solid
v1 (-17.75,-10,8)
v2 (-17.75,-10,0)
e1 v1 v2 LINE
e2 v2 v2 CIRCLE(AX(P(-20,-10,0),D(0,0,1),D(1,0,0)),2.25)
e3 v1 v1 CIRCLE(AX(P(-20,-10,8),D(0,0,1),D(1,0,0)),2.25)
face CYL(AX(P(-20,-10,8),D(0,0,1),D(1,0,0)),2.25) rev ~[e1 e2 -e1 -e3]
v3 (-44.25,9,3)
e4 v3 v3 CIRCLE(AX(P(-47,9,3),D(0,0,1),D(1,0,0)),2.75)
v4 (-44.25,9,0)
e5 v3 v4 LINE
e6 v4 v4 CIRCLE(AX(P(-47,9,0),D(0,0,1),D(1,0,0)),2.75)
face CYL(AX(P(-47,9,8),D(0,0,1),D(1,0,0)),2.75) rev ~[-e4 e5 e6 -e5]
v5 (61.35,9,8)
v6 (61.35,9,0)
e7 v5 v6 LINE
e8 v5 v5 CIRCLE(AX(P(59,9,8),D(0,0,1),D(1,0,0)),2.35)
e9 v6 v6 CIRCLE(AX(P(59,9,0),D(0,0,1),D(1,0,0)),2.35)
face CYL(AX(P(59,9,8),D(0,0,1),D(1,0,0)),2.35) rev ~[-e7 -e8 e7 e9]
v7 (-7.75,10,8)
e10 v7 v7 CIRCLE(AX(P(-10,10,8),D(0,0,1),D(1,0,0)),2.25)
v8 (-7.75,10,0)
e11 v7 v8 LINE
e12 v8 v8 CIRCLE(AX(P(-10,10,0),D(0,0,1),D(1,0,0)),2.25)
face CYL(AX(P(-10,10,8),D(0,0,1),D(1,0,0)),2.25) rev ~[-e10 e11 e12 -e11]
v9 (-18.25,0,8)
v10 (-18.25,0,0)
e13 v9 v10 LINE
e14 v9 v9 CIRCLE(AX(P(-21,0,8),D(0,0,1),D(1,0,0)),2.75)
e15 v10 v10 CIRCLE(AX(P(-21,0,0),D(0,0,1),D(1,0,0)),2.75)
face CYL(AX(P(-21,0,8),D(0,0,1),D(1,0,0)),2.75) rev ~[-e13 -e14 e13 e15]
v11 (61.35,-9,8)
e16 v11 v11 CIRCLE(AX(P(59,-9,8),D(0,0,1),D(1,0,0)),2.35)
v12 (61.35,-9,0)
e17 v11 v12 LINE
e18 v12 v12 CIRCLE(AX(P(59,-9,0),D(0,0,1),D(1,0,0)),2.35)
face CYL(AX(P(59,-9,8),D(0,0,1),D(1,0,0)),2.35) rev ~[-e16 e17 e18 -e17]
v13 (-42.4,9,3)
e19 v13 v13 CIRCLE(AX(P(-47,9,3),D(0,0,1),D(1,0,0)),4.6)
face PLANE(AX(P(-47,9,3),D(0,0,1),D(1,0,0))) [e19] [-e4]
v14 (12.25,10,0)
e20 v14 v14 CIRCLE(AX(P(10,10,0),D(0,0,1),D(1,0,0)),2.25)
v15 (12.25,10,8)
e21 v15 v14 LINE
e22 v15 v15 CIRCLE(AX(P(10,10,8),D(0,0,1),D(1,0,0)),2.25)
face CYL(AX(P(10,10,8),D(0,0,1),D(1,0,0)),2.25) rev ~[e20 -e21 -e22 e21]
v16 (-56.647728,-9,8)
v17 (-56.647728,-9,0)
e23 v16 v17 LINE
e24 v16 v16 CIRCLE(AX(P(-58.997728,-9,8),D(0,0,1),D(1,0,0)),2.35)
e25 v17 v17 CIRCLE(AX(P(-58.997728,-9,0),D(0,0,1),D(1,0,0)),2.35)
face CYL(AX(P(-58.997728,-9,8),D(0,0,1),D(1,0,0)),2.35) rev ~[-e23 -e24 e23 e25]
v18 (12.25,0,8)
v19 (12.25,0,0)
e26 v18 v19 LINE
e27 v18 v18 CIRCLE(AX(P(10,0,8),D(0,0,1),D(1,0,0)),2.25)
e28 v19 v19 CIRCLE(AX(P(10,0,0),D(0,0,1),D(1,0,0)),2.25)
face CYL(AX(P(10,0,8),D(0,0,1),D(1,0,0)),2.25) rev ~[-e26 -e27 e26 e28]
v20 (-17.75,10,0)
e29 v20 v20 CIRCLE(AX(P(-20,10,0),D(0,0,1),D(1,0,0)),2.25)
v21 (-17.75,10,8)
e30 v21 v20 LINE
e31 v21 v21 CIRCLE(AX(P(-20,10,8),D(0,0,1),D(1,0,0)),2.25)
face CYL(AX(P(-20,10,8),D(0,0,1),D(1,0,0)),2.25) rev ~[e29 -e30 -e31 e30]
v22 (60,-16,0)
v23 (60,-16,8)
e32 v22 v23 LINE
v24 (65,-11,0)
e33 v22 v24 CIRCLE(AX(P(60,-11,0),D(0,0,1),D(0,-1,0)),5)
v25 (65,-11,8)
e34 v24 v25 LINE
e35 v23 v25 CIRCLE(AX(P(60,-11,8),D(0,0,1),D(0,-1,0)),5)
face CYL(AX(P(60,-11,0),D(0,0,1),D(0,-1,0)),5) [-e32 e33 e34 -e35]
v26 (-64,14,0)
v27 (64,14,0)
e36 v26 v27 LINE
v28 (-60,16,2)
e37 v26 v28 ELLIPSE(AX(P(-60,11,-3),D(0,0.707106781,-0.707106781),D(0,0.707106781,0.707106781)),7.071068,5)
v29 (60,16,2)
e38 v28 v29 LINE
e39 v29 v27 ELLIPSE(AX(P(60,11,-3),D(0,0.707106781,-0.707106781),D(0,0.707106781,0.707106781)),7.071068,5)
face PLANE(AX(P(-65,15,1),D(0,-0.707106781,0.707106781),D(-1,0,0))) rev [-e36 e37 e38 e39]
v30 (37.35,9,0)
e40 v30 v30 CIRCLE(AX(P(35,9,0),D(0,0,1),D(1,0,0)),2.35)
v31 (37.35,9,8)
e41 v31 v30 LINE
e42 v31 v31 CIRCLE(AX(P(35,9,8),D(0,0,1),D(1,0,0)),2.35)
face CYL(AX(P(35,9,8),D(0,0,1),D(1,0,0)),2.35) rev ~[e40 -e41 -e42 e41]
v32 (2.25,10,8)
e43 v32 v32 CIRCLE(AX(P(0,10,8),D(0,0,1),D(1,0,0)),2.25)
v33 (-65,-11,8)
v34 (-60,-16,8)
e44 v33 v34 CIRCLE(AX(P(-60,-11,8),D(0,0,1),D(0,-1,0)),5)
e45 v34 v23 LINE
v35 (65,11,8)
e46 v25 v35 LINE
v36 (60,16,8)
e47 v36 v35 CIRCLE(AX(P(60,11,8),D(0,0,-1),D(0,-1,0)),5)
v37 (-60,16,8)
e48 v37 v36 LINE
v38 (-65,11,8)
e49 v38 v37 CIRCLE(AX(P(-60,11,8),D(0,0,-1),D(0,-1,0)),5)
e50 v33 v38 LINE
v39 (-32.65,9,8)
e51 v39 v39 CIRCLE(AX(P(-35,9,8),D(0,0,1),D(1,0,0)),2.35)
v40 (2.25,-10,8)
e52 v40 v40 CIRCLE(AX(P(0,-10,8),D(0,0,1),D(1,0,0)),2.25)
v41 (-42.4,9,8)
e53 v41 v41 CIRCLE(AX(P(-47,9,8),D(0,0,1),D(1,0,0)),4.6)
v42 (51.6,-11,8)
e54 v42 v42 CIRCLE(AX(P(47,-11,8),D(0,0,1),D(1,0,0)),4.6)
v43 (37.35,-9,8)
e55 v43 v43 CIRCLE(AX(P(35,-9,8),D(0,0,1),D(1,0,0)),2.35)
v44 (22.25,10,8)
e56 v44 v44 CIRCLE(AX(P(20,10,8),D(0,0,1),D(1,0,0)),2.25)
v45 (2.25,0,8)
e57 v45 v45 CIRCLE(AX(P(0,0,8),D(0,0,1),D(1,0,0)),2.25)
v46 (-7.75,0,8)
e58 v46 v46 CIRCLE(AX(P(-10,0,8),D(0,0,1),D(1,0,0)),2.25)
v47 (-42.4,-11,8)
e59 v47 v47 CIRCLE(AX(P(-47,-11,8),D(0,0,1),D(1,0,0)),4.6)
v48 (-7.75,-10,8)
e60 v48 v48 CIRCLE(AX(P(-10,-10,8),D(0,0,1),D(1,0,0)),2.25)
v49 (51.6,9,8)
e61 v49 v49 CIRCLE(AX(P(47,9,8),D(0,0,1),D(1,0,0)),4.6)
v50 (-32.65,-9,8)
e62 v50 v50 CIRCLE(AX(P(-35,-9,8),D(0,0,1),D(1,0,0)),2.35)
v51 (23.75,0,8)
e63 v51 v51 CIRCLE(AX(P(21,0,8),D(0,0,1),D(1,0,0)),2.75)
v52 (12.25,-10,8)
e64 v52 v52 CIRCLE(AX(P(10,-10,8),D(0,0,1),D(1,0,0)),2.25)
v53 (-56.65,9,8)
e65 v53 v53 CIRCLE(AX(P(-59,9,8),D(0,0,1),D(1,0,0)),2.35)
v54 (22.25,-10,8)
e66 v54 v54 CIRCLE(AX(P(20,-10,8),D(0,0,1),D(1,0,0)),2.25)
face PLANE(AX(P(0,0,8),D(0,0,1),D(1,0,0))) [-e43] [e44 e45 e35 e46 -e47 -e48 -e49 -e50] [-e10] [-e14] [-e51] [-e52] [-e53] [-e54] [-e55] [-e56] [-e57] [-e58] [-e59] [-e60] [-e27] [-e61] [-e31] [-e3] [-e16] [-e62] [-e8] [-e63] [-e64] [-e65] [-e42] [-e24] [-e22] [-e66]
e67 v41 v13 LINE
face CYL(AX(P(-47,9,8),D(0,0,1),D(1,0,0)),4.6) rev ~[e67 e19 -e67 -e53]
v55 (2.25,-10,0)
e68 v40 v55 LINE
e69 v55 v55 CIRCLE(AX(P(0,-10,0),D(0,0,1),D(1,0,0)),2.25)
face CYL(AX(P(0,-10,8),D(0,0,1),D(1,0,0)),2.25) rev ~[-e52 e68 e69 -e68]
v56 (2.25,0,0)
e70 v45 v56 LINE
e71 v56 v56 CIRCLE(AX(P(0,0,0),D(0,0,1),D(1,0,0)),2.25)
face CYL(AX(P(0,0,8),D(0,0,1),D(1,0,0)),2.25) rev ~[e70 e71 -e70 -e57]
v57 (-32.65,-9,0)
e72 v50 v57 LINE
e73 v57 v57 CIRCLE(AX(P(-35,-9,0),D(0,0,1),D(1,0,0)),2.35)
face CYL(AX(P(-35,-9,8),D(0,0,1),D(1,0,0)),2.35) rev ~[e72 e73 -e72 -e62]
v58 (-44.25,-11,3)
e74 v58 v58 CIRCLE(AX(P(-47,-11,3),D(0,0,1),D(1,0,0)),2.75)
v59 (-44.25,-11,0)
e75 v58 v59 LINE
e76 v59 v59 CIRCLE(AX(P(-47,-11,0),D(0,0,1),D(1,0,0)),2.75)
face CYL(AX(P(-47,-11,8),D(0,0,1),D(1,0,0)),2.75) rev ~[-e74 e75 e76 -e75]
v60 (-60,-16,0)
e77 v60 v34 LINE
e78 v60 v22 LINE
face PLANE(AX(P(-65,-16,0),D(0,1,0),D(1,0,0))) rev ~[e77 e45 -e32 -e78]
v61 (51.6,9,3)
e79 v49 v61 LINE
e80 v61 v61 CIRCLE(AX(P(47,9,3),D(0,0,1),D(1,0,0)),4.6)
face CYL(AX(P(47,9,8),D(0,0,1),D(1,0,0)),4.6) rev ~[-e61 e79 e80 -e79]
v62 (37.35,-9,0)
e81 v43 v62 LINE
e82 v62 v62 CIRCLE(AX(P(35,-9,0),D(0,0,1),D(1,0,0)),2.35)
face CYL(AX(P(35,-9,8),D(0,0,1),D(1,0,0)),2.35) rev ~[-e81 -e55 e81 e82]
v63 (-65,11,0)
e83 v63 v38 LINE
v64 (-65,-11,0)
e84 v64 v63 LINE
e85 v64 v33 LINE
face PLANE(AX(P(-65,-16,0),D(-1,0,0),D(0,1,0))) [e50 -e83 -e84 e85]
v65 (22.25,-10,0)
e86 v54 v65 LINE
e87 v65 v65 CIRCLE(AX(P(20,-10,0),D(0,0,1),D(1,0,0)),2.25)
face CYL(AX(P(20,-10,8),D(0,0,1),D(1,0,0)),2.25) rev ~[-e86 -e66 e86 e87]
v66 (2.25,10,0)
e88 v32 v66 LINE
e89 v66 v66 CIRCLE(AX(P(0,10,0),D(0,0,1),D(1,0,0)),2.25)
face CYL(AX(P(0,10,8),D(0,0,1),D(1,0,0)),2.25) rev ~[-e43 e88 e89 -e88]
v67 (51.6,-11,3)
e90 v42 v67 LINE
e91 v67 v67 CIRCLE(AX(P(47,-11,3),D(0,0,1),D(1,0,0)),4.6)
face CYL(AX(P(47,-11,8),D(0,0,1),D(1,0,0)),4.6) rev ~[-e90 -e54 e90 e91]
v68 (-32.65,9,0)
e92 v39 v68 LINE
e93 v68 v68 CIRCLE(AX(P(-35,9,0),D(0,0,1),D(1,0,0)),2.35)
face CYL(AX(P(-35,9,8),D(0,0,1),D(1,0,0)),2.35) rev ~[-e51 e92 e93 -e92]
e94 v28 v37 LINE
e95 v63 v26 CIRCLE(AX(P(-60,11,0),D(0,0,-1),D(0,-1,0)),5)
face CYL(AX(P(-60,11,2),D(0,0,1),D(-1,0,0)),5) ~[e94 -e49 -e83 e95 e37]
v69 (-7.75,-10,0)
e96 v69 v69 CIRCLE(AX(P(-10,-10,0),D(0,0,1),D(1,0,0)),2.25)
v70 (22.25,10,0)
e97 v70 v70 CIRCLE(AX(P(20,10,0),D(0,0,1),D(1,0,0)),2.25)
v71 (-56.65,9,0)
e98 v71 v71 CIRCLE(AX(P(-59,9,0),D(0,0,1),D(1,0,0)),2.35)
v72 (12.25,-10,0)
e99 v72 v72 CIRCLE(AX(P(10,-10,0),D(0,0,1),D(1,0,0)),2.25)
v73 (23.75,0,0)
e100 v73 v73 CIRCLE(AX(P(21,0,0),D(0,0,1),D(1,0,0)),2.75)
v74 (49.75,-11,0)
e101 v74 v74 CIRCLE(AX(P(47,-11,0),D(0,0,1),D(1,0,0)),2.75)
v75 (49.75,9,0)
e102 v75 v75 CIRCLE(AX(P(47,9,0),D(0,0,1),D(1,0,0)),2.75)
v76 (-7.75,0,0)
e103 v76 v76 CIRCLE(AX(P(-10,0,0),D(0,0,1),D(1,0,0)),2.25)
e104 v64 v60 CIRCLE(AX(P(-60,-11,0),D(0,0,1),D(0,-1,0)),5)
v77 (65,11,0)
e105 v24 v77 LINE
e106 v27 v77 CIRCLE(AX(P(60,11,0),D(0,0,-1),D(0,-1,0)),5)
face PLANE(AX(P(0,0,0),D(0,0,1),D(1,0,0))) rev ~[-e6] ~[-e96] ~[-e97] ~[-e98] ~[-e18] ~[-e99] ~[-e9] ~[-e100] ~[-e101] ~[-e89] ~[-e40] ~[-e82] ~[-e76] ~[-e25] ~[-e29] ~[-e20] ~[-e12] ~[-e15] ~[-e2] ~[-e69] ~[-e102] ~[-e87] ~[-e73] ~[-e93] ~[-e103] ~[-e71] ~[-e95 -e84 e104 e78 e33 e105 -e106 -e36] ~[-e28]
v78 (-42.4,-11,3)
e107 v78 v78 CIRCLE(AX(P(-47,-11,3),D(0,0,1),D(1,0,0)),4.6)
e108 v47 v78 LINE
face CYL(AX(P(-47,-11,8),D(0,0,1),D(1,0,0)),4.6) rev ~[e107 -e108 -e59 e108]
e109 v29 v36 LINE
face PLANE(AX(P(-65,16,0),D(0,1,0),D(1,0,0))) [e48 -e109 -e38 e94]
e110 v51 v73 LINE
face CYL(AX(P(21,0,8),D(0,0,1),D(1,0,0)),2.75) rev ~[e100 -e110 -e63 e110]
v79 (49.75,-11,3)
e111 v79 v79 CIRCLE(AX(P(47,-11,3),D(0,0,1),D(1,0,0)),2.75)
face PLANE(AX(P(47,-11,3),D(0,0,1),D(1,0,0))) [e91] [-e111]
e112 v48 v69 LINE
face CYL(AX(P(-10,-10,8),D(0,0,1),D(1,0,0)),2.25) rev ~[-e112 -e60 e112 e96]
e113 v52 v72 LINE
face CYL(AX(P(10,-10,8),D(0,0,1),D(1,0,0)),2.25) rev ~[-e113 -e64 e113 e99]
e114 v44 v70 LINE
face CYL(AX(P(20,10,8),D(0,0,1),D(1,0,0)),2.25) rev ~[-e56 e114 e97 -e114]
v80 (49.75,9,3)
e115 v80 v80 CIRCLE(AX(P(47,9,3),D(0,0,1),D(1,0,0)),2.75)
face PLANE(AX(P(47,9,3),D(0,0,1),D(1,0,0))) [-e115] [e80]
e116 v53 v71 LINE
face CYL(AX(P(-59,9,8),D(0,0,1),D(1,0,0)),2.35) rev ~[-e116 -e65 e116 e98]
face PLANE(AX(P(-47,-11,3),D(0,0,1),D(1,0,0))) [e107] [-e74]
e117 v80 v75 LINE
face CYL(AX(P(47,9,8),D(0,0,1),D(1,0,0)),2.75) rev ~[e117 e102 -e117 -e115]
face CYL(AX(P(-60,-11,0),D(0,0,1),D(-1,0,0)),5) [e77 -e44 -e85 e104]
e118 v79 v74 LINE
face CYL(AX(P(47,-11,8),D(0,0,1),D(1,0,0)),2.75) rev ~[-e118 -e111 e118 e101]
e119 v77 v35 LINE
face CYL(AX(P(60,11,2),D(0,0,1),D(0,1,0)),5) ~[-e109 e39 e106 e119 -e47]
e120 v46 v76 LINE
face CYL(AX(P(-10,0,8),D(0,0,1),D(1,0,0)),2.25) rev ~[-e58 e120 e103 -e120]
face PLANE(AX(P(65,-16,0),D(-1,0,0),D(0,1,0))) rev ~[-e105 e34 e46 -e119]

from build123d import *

# Parameters (mm, degrees)
SKETCH_W        = 130
SKETCH_H        = 32
PAD_DEPTH       = 8
SKETCH001_R     = 2.35
SKETCH001_R_2   = 2.75
POCKET_DEPTH    = 8.001
SKETCH003_R     = 4.6
POCKET001_DEPTH = 5
SKETCH002_R     = 2.25
POCKET002_DEPTH = 8.001
CHAMFER_SIZE    = 2
FILLET_R        = 5


with BuildPart() as part:
    # Sketch → Pad (new body)
    with BuildSketch(Plane.XY):
        Rectangle(SKETCH_W, SKETCH_H)
    extrude(amount=PAD_DEPTH)

    # Sketch001 → Pocket (cut, through all)
    with BuildSketch(Plane.XY.offset(8)):
        with Locations((-35, 9)):
            Circle(SKETCH001_R)
        with Locations((-58.997728, -9)):
            Circle(SKETCH001_R)
        with Locations((-59, 9)):
            Circle(SKETCH001_R)
        with Locations((35, 9)):
            Circle(SKETCH001_R)
        with Locations((59, -9)):
            Circle(SKETCH001_R)
        with Locations((59, 9)):
            Circle(SKETCH001_R)
        with Locations((-47, 9)):
            Circle(SKETCH001_R_2)
        with Locations((-47, -11)):
            Circle(SKETCH001_R_2)
        with Locations((47, 9)):
            Circle(SKETCH001_R_2)
        with Locations((47, -11)):
            Circle(SKETCH001_R_2)
        with Locations((-21, 0)):
            Circle(SKETCH001_R_2)
        with Locations((21, 0)):
            Circle(SKETCH001_R_2)
        with Locations((-35, -9)):
            Circle(SKETCH001_R)
        with Locations((35, -9)):
            Circle(SKETCH001_R)
    extrude(amount=-POCKET_DEPTH, mode=Mode.SUBTRACT)

    # Sketch003 → Pocket001 (cut)
    with BuildSketch(Plane.XY.offset(8)):
        with Locations((-47, 9)):
            Circle(SKETCH003_R)
        with Locations((47, -11)):
            Circle(SKETCH003_R)
        with Locations((47, 9)):
            Circle(SKETCH003_R)
        with Locations((-47, -11)):
            Circle(SKETCH003_R)
    extrude(amount=-POCKET001_DEPTH, mode=Mode.SUBTRACT)

    # Sketch002 → Pocket002 (cut, through all)
    with BuildSketch(Plane.XY.offset(8)):
        with Locations((-10, 10)):
            Circle(SKETCH002_R)
        with Locations((-10, 0)):
            Circle(SKETCH002_R)
        with Locations((10, 10)):
            Circle(SKETCH002_R)
        with Locations((10, 0)):
            Circle(SKETCH002_R)
        with Locations((0, 10)):
            Circle(SKETCH002_R)
        Circle(SKETCH002_R)
        with Locations((0, -10)):
            Circle(SKETCH002_R)
        with Locations((-10, -10)):
            Circle(SKETCH002_R)
        with Locations((10, -10)):
            Circle(SKETCH002_R)
        with Locations((-20, 10)):
            Circle(SKETCH002_R)
        with Locations((20, 10)):
            Circle(SKETCH002_R)
        with Locations((20, -10)):
            Circle(SKETCH002_R)
        with Locations((-20, -10)):
            Circle(SKETCH002_R)
    extrude(amount=-POCKET002_DEPTH, mode=Mode.SUBTRACT)

    # Chamfer
    chamfer_edges = [part.edges().sort_by_distance(p)[0] for p in [
        (0, 16, 0),
    ]]
    chamfer(chamfer_edges, length=CHAMFER_SIZE)

    # Fillet
    fillet_edges = [part.edges().sort_by_distance(p)[0] for p in [
        (-65, 16, 5),
        (65, 16, 5),
        (-65, -16, 4),
        (65, -16, 4),
    ]]
    fillet(fillet_edges, radius=FILLET_R)


solid = part.part
